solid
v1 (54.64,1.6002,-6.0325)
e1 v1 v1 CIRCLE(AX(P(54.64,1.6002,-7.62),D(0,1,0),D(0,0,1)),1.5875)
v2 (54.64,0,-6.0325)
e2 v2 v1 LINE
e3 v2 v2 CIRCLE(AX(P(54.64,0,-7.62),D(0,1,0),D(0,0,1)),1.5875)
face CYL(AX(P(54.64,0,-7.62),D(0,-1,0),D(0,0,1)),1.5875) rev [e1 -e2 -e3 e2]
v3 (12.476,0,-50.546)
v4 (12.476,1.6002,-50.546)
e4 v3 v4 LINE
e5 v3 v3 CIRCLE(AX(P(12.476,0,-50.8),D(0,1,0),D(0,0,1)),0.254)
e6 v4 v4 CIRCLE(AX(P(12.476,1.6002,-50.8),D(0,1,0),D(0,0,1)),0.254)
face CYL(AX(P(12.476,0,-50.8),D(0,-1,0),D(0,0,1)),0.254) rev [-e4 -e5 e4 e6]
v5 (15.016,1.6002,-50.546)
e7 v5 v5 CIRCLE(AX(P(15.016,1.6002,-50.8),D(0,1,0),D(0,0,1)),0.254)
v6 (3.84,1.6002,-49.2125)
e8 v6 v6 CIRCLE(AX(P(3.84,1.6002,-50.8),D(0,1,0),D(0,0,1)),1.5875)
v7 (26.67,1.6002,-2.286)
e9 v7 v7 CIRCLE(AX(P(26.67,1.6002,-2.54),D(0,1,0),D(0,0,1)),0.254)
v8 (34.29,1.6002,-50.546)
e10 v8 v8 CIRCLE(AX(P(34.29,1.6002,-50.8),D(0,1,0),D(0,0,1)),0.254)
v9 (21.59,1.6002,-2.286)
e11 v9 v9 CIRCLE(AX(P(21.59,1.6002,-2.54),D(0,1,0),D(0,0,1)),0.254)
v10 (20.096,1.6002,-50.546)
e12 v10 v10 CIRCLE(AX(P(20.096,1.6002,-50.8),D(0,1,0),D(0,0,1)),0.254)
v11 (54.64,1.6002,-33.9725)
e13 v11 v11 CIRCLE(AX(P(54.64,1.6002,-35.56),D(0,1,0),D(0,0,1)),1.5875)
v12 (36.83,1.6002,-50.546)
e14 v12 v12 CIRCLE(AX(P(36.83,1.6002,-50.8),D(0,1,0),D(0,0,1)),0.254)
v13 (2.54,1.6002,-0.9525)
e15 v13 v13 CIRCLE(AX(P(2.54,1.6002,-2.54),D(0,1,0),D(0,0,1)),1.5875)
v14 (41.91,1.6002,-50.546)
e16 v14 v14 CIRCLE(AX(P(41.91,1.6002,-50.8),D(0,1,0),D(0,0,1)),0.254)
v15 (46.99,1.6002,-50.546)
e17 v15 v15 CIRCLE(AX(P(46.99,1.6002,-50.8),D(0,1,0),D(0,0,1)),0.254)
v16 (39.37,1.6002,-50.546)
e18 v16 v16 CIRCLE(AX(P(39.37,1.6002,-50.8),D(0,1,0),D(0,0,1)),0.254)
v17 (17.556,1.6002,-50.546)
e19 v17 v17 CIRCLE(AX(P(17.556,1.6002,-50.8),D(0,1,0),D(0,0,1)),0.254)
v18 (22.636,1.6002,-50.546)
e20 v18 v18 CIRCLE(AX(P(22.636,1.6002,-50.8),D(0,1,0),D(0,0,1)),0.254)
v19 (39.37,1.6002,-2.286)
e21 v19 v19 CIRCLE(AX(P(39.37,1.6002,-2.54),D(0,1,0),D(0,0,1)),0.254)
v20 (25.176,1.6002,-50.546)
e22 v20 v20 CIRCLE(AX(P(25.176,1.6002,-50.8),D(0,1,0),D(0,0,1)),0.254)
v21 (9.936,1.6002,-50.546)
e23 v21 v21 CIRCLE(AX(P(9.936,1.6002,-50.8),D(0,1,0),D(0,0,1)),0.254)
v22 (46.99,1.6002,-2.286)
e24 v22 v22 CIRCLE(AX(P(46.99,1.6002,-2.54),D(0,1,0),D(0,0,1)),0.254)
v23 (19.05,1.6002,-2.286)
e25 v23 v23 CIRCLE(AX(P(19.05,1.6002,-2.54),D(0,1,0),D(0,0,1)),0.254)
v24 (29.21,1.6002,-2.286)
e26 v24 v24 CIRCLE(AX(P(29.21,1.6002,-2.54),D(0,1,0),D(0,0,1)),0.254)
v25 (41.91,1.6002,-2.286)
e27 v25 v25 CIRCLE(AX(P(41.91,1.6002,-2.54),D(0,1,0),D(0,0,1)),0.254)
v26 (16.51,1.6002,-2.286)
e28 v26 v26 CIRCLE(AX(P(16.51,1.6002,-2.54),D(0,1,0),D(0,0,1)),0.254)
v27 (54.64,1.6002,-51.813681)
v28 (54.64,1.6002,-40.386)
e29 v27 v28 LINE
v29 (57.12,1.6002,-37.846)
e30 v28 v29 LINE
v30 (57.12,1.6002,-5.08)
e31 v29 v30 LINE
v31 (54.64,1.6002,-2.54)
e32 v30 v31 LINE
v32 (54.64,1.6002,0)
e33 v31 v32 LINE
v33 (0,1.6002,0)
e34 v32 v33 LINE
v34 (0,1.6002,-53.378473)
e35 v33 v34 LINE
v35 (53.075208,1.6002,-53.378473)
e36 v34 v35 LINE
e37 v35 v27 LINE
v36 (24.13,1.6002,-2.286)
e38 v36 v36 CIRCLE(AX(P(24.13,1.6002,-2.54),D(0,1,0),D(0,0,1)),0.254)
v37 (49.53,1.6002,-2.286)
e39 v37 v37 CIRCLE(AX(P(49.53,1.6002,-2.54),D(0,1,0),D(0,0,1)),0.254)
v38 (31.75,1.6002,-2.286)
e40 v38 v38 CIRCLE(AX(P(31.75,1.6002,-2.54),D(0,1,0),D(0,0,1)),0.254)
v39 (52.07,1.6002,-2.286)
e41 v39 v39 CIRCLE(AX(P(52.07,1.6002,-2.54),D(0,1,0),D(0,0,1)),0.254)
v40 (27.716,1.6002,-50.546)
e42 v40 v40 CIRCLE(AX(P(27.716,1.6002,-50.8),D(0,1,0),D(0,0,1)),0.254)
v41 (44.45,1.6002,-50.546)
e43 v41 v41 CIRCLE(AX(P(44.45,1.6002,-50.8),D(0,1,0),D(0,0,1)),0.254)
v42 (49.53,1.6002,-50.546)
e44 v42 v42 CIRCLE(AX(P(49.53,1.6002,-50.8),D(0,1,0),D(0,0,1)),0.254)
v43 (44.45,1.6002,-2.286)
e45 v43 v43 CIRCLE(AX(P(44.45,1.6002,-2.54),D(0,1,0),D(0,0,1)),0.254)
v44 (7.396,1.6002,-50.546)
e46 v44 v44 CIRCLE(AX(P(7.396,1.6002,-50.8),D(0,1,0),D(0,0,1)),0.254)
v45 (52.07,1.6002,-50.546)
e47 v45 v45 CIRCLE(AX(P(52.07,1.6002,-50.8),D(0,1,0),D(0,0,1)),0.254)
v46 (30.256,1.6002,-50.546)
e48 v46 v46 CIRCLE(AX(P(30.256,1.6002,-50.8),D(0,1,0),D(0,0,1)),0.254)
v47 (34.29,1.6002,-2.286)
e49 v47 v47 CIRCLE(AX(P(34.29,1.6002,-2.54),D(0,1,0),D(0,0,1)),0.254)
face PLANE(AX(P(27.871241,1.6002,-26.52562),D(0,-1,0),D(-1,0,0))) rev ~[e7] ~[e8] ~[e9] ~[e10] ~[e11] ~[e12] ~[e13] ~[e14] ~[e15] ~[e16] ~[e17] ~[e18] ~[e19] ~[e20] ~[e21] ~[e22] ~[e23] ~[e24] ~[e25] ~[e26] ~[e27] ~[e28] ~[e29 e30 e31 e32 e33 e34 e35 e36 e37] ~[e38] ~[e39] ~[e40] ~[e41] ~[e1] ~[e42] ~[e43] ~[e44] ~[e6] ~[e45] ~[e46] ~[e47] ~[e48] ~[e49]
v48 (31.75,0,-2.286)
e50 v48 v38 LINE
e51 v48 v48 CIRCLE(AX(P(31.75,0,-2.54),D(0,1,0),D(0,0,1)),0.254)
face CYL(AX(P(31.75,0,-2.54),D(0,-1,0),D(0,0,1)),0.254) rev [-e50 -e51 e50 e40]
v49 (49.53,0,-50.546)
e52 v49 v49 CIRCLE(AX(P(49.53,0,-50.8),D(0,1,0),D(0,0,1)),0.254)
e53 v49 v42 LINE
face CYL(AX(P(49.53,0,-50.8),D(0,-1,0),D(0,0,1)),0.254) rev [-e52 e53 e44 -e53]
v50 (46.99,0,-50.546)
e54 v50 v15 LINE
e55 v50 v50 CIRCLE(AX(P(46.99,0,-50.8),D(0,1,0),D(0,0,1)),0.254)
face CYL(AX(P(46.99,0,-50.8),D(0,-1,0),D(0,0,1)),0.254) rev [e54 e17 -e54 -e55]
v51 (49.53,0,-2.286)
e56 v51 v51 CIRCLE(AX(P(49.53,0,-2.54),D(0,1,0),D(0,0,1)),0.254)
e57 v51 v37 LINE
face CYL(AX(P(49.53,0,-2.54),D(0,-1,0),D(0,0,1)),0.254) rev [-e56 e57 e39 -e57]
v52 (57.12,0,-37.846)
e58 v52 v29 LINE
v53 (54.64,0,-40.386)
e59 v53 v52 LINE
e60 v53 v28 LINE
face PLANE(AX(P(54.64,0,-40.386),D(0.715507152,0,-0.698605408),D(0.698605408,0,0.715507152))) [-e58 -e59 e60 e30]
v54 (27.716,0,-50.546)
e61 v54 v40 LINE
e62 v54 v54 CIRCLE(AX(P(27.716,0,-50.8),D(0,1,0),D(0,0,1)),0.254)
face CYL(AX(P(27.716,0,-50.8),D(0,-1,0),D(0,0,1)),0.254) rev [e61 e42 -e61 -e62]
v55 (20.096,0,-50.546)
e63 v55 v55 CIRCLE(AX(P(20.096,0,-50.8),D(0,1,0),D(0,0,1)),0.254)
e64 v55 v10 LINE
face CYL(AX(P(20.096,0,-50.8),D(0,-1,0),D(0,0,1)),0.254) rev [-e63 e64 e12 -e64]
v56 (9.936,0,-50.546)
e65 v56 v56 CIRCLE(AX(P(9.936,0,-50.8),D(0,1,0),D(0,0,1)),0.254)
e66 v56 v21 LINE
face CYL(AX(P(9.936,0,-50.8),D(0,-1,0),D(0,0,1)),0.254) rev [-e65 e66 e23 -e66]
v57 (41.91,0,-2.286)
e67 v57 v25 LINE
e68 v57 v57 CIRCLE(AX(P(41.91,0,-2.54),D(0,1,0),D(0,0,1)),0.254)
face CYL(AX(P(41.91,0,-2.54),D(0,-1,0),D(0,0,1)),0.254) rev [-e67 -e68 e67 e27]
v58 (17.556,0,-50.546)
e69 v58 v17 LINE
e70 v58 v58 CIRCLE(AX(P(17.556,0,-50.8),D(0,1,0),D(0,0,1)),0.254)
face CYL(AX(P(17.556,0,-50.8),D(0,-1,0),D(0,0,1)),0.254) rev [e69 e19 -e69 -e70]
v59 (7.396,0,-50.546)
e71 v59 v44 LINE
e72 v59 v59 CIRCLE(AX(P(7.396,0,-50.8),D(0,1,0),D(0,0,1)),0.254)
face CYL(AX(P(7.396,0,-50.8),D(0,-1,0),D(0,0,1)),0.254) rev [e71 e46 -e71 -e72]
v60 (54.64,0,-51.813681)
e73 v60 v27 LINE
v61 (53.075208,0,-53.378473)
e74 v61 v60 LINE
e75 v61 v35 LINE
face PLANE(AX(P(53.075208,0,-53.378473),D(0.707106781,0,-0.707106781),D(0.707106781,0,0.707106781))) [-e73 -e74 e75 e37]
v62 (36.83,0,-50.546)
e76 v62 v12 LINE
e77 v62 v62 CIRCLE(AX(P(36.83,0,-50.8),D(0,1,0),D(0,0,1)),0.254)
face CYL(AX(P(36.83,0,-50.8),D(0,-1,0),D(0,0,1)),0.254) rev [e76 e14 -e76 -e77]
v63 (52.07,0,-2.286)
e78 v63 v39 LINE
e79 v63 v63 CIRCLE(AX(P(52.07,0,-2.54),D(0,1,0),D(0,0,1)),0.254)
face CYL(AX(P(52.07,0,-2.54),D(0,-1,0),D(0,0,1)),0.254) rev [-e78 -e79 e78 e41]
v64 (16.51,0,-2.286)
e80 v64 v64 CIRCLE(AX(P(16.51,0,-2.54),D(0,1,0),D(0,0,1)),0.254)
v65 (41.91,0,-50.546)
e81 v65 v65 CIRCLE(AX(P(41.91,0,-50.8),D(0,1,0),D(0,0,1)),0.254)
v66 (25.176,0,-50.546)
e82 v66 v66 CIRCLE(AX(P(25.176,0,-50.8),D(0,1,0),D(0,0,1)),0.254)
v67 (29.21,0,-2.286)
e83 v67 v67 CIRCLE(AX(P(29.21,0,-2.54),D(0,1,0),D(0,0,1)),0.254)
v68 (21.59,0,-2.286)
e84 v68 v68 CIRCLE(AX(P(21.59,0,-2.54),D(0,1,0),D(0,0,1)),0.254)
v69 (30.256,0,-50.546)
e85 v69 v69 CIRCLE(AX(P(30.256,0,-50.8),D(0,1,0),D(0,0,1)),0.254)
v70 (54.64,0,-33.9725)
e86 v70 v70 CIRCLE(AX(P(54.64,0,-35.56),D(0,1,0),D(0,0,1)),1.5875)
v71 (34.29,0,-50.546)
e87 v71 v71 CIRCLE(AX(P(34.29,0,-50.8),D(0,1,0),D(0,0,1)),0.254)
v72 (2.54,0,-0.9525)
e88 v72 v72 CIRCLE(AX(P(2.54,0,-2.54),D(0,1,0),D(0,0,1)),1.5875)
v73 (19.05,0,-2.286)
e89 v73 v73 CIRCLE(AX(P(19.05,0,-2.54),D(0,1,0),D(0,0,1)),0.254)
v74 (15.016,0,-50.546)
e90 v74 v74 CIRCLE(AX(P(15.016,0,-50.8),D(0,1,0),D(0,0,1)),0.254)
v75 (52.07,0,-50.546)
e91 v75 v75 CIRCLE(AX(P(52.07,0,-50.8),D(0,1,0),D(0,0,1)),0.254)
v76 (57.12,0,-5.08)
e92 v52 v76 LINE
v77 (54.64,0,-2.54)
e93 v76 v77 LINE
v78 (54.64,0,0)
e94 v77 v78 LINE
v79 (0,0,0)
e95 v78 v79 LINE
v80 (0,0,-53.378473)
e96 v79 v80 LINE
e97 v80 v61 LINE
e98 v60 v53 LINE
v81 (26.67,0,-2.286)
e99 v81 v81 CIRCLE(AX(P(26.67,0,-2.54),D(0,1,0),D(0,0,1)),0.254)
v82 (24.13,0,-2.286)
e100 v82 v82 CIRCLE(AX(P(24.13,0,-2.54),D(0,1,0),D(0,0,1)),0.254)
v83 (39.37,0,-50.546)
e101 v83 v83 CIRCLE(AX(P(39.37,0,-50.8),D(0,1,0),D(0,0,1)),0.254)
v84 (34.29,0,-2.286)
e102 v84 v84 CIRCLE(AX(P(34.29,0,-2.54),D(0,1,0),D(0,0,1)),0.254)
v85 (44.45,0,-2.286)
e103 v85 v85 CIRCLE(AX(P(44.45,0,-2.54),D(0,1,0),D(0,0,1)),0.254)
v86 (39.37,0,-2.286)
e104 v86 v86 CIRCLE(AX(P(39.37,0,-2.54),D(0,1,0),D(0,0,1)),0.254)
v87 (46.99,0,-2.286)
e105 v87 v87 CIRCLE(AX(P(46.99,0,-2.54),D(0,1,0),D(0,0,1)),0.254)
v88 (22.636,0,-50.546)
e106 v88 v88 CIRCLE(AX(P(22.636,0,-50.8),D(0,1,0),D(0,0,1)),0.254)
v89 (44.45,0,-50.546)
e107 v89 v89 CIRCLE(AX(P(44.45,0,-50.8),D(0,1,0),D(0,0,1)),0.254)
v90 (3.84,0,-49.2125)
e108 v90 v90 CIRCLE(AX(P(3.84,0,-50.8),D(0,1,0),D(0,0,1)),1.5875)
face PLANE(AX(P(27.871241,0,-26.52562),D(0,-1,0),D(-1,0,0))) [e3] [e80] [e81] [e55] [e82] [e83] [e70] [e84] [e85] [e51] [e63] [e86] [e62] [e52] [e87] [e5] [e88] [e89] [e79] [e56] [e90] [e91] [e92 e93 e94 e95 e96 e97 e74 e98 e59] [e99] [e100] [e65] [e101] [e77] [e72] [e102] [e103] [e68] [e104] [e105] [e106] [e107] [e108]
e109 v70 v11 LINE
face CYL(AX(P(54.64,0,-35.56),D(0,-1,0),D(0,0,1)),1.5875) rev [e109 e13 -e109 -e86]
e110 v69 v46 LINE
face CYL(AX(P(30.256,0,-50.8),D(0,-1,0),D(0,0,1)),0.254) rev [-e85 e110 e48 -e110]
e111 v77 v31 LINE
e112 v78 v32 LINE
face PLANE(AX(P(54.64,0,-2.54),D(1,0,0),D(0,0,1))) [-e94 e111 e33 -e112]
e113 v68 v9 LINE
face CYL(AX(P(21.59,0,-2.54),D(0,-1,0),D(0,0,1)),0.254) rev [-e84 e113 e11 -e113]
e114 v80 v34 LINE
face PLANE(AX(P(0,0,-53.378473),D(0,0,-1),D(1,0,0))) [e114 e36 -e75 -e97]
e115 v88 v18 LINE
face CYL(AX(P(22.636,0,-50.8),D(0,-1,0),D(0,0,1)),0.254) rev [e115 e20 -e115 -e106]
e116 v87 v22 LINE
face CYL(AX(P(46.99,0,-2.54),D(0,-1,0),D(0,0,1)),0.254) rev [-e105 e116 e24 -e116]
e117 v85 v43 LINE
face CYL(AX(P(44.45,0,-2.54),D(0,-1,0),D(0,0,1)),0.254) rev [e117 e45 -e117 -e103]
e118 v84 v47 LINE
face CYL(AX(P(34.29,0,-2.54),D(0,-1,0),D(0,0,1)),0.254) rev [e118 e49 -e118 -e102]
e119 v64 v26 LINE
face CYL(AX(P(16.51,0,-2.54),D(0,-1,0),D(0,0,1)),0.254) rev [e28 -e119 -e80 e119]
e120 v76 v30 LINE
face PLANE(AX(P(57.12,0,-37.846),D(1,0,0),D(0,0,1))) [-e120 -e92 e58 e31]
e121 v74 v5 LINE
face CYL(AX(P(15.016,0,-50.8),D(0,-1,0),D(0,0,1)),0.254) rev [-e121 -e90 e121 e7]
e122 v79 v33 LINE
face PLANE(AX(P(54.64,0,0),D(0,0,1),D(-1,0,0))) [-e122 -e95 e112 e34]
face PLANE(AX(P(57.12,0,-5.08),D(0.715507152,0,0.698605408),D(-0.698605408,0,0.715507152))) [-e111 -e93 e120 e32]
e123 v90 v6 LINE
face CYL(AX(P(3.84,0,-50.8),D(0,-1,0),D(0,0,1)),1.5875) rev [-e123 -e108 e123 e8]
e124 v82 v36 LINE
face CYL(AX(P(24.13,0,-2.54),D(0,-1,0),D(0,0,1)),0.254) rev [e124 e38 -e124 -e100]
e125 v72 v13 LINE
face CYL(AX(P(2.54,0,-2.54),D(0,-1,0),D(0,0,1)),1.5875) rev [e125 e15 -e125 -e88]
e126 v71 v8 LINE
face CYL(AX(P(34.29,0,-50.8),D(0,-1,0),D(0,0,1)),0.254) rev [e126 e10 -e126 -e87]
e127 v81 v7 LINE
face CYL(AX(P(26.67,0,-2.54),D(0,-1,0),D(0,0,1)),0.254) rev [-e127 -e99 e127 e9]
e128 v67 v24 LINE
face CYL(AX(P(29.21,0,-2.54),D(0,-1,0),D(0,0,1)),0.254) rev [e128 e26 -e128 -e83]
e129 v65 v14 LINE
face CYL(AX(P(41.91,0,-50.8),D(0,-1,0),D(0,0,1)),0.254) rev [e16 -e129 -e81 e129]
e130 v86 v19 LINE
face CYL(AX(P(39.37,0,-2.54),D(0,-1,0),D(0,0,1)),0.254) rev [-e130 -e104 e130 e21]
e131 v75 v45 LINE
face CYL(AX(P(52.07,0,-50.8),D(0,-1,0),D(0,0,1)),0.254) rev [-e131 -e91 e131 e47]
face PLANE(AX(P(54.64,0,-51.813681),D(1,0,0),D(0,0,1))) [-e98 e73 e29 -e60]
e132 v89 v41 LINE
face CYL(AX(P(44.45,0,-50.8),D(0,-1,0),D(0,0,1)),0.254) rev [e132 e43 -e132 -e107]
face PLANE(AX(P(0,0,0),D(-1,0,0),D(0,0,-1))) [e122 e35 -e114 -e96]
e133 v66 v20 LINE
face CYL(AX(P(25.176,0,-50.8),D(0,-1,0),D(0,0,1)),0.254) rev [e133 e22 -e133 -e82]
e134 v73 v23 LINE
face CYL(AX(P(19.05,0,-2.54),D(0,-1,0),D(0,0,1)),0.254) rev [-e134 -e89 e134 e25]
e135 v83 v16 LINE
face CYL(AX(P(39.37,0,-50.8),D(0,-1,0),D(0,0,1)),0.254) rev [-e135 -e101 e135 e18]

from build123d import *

# Parameters (mm, degrees)
SALIENTE_EXTRUIR1_DEPTH = 1.6002
PINOUT_R                = 0.254
CORTAR_EXTRUIR2_DEPTH   = 1.6002
DRILLS_R                = 1.5875
CORTAR_EXTRUIR3_DEPTH   = 1.6002


with BuildPart() as part:
    # Board → Saliente-Extruir1 (new body)
    with BuildSketch(Plane(origin=(0, 0, 0), x_dir=(1, 0, 0), z_dir=(0, 1, 0))):
        Polygon((57.12, 37.846), (57.12, 5.08), (54.64, 2.54), (54.64, 0), (0, 0), (0, 53.378473106), (53.075207648, 53.378473106), (54.64, 51.813680753), (54.64, 40.386), align=None)
    extrude(amount=SALIENTE_EXTRUIR1_DEPTH)

    # Pinout → Cortar-Extruir2 (cut)
    with BuildSketch(Plane(origin=(0, 0, 0), x_dir=(1, 0, 0), z_dir=(0, 1, 0))):
        with Locations(Location((52.07000008, 2.54, 0), (0, 0, 270))):
            Circle(PINOUT_R)
        with Locations(Location((49.53000008, 2.54, 0), (0, 0, 270))):
            Circle(PINOUT_R)
        with Locations(Location((46.99000008, 2.54, 0), (0, 0, 270))):
            Circle(PINOUT_R)
        with Locations(Location((44.45000008, 2.54, 0), (0, 0, 270))):
            Circle(PINOUT_R)
        with Locations(Location((41.91000008, 2.54, 0), (0, 0, 270))):
            Circle(PINOUT_R)
        with Locations(Location((39.37000008, 2.54, 0), (0, 0, 270))):
            Circle(PINOUT_R)
        with Locations(Location((34.29000008, 2.54, 0), (0, 0, 270))):
            Circle(PINOUT_R)
        with Locations(Location((31.75000008, 2.54, 0), (0, 0, 270))):
            Circle(PINOUT_R)
        with Locations(Location((29.21000008, 2.54, 0), (0, 0, 270))):
            Circle(PINOUT_R)
        with Locations(Location((26.67000008, 2.54, 0), (0, 0, 270))):
            Circle(PINOUT_R)
        with Locations(Location((24.13000008, 2.54, 0), (0, 0, 270))):
            Circle(PINOUT_R)
        with Locations(Location((21.59000008, 2.54, 0), (0, 0, 270))):
            Circle(PINOUT_R)
        with Locations(Location((19.05000008, 2.54, 0), (0, 0, 270))):
            Circle(PINOUT_R)
        with Locations(Location((16.51000008, 2.54, 0), (0, 0, 270))):
            Circle(PINOUT_R)
        with Locations(Location((52.07000008, 50.8, 0), (0, 0, 270))):
            Circle(PINOUT_R)
        with Locations(Location((49.53000008, 50.8, 0), (0, 0, 270))):
            Circle(PINOUT_R)
        with Locations(Location((46.99000008, 50.8, 0), (0, 0, 270))):
            Circle(PINOUT_R)
        with Locations(Location((44.45000008, 50.8, 0), (0, 0, 270))):
            Circle(PINOUT_R)
        with Locations(Location((41.91000008, 50.8, 0), (0, 0, 270))):
            Circle(PINOUT_R)
        with Locations(Location((39.37000008, 50.8, 0), (0, 0, 270))):
            Circle(PINOUT_R)
        with Locations(Location((36.83000008, 50.8, 0), (0, 0, 270))):
            Circle(PINOUT_R)
        with Locations(Location((34.29000008, 50.8, 0), (0, 0, 270))):
            Circle(PINOUT_R)
        with Locations(Location((30.25600002, 50.8, 0), (0, 0, 270))):
            Circle(PINOUT_R)
        with Locations(Location((27.71600002, 50.8, 0), (0, 0, 270))):
            Circle(PINOUT_R)
        with Locations(Location((25.17600002, 50.8, 0), (0, 0, 270))):
            Circle(PINOUT_R)
        with Locations(Location((22.63600002, 50.8, 0), (0, 0, 270))):
            Circle(PINOUT_R)
        with Locations(Location((20.09600002, 50.8, 0), (0, 0, 270))):
            Circle(PINOUT_R)
        with Locations(Location((17.55600002, 50.8, 0), (0, 0, 270))):
            Circle(PINOUT_R)
        with Locations(Location((15.01600002, 50.8, 0), (0, 0, 270))):
            Circle(PINOUT_R)
        with Locations(Location((12.47600002, 50.8, 0), (0, 0, 270))):
            Circle(PINOUT_R)
        with Locations(Location((9.93600002, 50.8, 0), (0, 0, 270))):
            Circle(PINOUT_R)
        with Locations(Location((7.39600002, 50.8, 0), (0, 0, 270))):
            Circle(PINOUT_R)
    extrude(amount=CORTAR_EXTRUIR2_DEPTH, mode=Mode.SUBTRACT)

    # Drills → Cortar-Extruir3 (cut)
    with BuildSketch(Plane(origin=(0, 0, 0), x_dir=(1, 0, 0), z_dir=(0, 1, 0))):
        with Locations(Location((3.84, 50.8, 0), (0, 0, 270))):
            Circle(DRILLS_R)
        with Locations(Location((54.64, 35.56, 0), (0, 0, 270))):
            Circle(DRILLS_R)
        with Locations(Location((54.64, 7.62, 0), (0, 0, 270))):
            Circle(DRILLS_R)
        with Locations(Location((2.540000009, 2.54, 0), (0, 0, 270))):
            Circle(DRILLS_R)
    extrude(amount=CORTAR_EXTRUIR3_DEPTH, mode=Mode.SUBTRACT)


solid = part.part
